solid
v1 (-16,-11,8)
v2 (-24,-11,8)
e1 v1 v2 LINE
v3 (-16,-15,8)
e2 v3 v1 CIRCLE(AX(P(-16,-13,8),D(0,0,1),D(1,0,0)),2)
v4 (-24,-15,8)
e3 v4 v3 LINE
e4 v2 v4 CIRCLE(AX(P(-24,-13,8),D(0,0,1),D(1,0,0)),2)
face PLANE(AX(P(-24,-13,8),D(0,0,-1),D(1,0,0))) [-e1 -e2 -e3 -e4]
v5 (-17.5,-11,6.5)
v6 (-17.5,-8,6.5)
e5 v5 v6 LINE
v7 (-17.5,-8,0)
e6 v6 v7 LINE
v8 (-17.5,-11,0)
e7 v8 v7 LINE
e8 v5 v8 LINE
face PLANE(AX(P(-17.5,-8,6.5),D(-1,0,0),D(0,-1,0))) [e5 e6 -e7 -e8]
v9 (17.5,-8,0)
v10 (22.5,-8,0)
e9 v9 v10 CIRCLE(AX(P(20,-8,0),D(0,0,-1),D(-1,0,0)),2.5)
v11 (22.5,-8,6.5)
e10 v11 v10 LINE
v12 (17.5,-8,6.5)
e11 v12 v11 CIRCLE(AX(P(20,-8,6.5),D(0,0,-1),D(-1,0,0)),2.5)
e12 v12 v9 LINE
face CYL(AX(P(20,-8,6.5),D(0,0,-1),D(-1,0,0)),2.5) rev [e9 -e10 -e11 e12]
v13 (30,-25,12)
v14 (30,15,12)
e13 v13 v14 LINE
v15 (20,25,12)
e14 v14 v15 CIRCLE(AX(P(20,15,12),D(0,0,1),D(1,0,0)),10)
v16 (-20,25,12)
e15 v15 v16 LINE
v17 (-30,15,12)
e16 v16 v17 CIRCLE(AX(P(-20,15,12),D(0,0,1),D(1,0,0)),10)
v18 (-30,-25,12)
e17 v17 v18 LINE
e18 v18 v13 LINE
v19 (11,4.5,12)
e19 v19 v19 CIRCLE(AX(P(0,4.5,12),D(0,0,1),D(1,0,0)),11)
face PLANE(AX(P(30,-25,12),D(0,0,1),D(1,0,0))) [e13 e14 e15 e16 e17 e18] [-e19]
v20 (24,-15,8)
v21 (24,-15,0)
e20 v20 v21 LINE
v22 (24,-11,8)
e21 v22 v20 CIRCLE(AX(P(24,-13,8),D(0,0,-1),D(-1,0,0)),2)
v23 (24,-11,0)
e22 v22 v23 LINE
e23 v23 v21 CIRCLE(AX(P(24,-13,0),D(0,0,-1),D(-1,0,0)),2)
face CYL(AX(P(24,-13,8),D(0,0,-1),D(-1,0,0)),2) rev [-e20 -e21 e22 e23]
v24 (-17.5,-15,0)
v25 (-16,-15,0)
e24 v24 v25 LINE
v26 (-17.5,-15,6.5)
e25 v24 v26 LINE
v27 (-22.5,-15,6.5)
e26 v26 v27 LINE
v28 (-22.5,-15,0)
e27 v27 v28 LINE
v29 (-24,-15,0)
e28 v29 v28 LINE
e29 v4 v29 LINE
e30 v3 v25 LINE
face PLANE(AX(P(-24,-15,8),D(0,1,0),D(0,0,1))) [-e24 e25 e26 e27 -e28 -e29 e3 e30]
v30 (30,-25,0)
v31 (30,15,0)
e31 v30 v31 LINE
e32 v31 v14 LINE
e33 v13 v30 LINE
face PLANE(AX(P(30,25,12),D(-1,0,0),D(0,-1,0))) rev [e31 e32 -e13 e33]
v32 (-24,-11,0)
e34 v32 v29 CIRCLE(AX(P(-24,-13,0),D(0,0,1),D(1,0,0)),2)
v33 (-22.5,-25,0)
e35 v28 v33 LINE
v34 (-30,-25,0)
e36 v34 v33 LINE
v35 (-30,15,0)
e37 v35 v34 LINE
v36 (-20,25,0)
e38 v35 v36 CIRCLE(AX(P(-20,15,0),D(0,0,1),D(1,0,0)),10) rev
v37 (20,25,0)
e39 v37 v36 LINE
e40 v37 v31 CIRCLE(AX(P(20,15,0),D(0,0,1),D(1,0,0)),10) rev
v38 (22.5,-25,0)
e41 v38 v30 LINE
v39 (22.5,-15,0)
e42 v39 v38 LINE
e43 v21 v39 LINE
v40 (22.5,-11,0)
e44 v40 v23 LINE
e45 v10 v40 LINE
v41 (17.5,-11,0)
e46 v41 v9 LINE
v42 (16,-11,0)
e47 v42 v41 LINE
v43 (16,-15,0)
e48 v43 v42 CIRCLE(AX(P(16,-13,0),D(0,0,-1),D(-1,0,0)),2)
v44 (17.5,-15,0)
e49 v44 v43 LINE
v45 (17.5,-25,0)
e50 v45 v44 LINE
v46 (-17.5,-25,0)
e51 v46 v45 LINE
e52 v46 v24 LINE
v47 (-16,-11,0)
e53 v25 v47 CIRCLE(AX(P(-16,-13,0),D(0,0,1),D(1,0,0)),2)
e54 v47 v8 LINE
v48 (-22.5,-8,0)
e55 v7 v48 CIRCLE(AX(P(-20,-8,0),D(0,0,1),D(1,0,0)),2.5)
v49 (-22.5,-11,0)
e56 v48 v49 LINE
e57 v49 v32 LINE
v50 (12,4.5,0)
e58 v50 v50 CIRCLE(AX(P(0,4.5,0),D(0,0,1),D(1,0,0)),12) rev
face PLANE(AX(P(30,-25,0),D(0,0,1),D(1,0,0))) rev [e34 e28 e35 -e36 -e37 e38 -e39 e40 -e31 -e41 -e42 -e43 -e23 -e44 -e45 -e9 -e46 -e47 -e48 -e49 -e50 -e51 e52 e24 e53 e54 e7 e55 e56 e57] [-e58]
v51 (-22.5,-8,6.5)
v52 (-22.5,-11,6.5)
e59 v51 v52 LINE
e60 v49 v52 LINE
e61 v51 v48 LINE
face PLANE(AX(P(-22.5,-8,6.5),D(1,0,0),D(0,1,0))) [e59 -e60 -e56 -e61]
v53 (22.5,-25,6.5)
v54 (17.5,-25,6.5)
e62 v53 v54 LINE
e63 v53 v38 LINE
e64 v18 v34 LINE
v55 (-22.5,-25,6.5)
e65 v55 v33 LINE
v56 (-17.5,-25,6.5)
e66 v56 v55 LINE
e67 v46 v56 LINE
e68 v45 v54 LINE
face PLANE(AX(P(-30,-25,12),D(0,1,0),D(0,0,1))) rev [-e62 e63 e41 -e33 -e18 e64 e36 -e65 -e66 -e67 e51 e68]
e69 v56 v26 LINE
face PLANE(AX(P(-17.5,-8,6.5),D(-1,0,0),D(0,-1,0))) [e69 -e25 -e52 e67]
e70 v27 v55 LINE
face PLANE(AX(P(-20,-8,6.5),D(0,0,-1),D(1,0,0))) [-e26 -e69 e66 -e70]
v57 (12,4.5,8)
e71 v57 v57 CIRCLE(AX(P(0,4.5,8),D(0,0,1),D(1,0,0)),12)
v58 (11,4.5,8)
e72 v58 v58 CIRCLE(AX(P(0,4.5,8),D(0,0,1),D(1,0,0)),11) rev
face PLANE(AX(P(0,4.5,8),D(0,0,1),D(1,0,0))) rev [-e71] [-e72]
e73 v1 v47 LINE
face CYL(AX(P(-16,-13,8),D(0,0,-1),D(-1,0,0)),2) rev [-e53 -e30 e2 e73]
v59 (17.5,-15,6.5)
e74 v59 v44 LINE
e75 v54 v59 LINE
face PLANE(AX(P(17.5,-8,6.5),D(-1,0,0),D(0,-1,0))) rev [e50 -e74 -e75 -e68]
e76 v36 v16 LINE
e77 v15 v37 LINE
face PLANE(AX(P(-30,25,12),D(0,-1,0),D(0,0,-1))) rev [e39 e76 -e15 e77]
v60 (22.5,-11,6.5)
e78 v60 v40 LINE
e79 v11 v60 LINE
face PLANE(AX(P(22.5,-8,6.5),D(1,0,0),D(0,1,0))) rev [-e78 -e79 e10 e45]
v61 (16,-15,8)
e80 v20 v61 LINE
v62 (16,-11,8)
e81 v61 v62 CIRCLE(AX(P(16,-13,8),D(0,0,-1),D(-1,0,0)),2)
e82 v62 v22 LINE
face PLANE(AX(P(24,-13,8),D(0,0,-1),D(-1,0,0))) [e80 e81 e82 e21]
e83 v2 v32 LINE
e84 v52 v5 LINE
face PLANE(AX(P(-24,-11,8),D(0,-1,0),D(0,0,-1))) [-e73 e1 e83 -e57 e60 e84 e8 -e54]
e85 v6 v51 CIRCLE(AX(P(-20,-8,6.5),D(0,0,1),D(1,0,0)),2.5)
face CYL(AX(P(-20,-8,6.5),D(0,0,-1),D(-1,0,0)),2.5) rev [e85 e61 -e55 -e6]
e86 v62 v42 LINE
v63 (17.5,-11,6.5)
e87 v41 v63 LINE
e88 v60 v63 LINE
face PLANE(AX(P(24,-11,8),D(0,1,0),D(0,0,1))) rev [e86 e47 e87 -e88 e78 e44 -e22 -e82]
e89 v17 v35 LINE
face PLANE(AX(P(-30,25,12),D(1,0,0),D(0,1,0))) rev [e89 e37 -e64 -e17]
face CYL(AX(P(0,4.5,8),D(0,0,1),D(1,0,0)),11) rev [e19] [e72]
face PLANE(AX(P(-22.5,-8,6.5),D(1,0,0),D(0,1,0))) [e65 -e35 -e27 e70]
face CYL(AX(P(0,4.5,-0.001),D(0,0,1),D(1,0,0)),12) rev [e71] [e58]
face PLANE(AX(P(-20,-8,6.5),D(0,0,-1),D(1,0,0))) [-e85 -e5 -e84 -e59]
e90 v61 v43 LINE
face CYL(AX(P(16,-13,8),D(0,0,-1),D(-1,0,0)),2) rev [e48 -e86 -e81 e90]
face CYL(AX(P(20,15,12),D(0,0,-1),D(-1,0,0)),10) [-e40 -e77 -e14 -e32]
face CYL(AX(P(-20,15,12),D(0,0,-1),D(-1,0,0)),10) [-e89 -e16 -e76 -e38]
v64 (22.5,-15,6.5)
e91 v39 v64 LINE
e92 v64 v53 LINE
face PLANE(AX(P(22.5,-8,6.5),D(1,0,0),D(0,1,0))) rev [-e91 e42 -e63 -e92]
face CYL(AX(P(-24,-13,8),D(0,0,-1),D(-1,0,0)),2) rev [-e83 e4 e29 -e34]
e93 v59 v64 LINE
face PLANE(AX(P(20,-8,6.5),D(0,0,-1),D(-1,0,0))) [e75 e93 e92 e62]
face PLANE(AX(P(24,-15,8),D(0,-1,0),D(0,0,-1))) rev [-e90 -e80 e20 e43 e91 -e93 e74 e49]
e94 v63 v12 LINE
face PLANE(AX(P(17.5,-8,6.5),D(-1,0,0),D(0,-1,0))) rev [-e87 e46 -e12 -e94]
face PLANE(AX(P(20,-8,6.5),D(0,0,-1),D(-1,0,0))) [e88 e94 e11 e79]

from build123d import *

# Parameters (mm, degrees)
SKETCH1_W           = 60
SKETCH1_H           = 50
BOSS_EXTRUDE1_DEPTH = 12
SKETCH2_R           = 11
CUT_EXTRUDE1_DEPTH  = 4
CUT_EXTRUDE5_REACH  = 41.862
SKETCH6_R           = 12
CUT_EXTRUDE7_DEPTH  = 8
CUT_EXTRUDE8_DEPTH  = 6.5
FILLET1_R           = 10


with BuildPart() as part:
    # Sketch1 → Boss-Extrude1 (new body)
    with BuildSketch(Plane.XY):
        Rectangle(SKETCH1_W, SKETCH1_H)
    extrude(amount=BOSS_EXTRUDE1_DEPTH)

    # Sketch2 → Cut-Extrude1 (cut)
    with BuildSketch(Plane.XY.offset(12)):
        with Locations((0, 4.5)):
            Circle(SKETCH2_R)
    extrude(amount=-CUT_EXTRUDE1_DEPTH, mode=Mode.SUBTRACT)

    # Sketch6 → Cut-Extrude5 (cut, up to next)
    with BuildSketch(Plane.XY.offset(8), mode=Mode.PRIVATE) as cut_extrude5_sk1:
        with Locations((0, 4.5)):
            Circle(SKETCH6_R)
    cut_extrude5_tool1 = extrude(cut_extrude5_sk1.sketch, amount=-CUT_EXTRUDE5_REACH, mode=Mode.PRIVATE) & part.part
    add(cut_extrude5_tool1.solids().sort_by_distance((0, 4.5, 8))[0], mode=Mode.SUBTRACT)

    # Sketch9 → Cut-Extrude7 (cut)
    with BuildSketch(Plane(origin=(33.355171667, 100.110949441, 0), x_dir=(-1, 0, 0), z_dir=(0, 0, -1))):
        with BuildLine():
            Line((9.355171667, -111.110949441), (17.355171667, -111.110949441))
            ThreePointArc((17.355171667, -111.110949441), (19.355171667, -113.110949441), (17.355171667, -115.110949441))
            Line((17.355171667, -115.110949441), (9.355171667, -115.110949441))
            ThreePointArc((9.355171667, -115.110949441), (7.355171667, -113.110949441), (9.355171667, -111.110949441))
        make_face()
    cut_extrude7 = extrude(amount=-CUT_EXTRUDE7_DEPTH, mode=Mode.SUBTRACT)

    # Sketch11 → Cut-Extrude8 (cut)
    with BuildSketch(Plane(origin=(33.355171667, 100.110949441, 0), x_dir=(-1, 0, 0), z_dir=(0, 0, -1))):
        with BuildLine():
            Line((15.855171667, -108.110949441), (15.855171667, -132.025405836))
            ThreePointArc((15.855171667, -132.025405836), (13.355171667, -134.525405836), (10.855171667, -132.025405836))
            Line((10.855171667, -132.025405836), (10.855171667, -108.110949441))
            ThreePointArc((10.855171667, -108.110949441), (13.355171667, -105.610949441), (15.855171667, -108.110949441))
        make_face()
    cut_extrude8 = extrude(amount=-CUT_EXTRUDE8_DEPTH, mode=Mode.SUBTRACT)

    # Mirror1: Cut-Extrude7, Cut-Extrude8 across plane
    add(cut_extrude7.mirror(Plane(origin=(0, 0, 0), x_dir=(0, 0, 1), z_dir=(1, 0, 0))), mode=Mode.SUBTRACT)
    add(cut_extrude8.mirror(Plane(origin=(0, 0, 0), x_dir=(0, 0, 1), z_dir=(1, 0, 0))), mode=Mode.SUBTRACT)

    # Fillet1
    fillet1_edges = [part.edges().sort_by_distance(p)[0] for p in [
        (-30, 25, 6),
        (30, 25, 6),
    ]]
    fillet(fillet1_edges, radius=FILLET1_R)


solid = part.part
